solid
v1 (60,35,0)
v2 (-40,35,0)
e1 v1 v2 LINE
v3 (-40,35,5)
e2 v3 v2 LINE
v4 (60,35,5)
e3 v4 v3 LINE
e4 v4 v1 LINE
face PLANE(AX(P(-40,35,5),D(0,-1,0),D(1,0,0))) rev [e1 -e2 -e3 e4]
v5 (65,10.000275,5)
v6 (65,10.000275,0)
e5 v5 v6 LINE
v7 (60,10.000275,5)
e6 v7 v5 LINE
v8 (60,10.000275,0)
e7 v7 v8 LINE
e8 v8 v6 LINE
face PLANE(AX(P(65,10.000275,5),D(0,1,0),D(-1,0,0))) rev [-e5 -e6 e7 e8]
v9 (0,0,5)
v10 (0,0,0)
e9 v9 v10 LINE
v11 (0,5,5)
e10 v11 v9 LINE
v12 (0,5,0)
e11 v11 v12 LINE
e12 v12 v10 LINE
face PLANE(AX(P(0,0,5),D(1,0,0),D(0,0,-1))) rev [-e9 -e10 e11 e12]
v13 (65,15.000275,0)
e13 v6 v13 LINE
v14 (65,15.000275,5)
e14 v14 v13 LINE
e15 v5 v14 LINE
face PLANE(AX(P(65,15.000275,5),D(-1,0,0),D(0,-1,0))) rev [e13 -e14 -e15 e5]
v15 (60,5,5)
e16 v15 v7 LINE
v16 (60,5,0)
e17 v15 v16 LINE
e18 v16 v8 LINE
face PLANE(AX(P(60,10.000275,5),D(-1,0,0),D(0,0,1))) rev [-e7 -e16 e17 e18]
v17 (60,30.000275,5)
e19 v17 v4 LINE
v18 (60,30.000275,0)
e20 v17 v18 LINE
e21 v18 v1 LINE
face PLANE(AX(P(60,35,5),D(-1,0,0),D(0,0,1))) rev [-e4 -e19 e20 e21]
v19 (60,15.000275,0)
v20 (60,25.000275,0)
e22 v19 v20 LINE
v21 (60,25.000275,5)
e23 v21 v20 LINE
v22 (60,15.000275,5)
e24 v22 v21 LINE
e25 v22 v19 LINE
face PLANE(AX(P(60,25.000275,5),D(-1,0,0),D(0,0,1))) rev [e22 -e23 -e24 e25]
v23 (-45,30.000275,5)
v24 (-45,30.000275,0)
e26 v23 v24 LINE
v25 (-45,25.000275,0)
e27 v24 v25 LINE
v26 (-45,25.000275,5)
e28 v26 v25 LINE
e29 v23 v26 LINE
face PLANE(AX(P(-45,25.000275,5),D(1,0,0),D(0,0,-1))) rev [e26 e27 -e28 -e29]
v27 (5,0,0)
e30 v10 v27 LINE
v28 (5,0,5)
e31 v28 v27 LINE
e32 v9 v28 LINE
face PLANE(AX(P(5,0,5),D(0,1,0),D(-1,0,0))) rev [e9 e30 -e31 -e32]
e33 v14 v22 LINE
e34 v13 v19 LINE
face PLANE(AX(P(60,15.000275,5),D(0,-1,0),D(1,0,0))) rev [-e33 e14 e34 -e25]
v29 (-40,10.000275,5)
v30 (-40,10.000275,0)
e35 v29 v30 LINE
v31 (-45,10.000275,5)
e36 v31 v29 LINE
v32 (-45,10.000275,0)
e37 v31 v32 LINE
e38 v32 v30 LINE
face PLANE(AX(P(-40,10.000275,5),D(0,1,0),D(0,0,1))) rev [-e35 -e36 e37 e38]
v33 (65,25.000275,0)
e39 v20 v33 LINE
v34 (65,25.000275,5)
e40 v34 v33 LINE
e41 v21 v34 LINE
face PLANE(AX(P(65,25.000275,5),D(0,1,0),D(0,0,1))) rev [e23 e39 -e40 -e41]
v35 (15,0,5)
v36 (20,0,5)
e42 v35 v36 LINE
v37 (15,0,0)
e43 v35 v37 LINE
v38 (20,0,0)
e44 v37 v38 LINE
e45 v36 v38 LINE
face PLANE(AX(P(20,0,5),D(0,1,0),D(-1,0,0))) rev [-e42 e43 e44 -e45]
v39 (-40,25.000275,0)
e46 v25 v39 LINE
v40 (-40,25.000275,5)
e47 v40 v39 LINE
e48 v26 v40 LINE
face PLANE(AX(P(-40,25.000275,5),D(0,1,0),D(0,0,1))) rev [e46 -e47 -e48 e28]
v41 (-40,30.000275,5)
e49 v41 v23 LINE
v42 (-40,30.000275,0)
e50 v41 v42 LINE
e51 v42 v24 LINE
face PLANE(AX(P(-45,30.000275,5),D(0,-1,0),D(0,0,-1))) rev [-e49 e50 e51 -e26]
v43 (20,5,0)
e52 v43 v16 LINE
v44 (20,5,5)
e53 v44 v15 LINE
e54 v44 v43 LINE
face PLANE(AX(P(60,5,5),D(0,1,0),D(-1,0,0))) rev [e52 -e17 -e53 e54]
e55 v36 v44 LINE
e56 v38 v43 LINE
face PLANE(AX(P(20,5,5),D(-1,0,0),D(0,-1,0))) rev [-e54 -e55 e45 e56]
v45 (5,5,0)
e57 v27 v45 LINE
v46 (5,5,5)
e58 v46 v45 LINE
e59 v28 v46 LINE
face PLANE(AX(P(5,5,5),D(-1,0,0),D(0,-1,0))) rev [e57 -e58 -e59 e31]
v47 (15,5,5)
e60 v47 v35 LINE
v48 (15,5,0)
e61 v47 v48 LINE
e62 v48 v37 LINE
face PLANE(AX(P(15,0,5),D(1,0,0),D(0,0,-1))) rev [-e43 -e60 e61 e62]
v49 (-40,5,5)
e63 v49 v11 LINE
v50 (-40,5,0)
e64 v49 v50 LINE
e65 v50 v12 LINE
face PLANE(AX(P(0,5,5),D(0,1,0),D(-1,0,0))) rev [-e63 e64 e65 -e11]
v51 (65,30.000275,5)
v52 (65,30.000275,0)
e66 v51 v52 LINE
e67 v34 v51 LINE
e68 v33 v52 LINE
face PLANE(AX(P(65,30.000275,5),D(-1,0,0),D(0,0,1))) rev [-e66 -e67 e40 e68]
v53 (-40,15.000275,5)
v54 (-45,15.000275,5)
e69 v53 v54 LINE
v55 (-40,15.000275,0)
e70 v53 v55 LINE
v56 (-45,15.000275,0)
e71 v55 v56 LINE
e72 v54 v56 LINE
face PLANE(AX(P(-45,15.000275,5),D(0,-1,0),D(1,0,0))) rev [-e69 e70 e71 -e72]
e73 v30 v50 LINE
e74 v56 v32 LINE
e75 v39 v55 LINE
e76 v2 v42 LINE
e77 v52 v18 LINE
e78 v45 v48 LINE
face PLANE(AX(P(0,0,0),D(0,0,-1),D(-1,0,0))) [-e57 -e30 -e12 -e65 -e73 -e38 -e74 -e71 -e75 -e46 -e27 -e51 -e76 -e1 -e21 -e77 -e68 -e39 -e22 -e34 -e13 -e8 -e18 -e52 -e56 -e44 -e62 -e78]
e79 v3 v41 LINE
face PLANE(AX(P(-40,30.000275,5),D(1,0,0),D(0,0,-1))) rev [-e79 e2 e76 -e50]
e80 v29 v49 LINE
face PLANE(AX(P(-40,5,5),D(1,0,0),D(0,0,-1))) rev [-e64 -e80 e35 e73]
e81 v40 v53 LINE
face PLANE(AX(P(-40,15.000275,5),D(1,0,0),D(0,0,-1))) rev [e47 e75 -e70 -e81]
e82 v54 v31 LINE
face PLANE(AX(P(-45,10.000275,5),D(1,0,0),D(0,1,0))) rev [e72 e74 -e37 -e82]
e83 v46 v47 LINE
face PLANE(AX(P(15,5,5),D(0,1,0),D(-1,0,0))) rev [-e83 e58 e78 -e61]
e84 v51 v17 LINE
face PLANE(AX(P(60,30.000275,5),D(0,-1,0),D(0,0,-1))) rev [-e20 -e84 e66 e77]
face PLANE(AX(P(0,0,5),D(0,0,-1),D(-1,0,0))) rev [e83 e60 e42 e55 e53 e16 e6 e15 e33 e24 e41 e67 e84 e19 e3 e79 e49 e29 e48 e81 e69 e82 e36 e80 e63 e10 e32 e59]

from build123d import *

# Parameters (mm, degrees)
BOSS_EXTRUDE1_DEPTH = 5


with BuildPart() as part:
    # Sketch1 → Boss-Extrude1 (new body)
    with BuildSketch(Plane.XY):
        Polygon((0, 0), (0, 5), (-40, 5), (-40, 10.000274966), (-45, 10.000274966), (-45, 15.000274966), (-40, 15.000274966), (-40, 25.000274966), (-45, 25.000274966), (-45, 30.000274966), (-40, 30.000274966), (-40, 35), (60, 35), (60, 30.000274966), (65, 30.000274966), (65, 25.000274966), (60, 25.000274966), (60, 15.000274966), (65, 15.000274966), (65, 10.000274966), (60, 10.000274966), (60, 5), (20, 5), (20, 0), (15, 0), (15, 5), (5, 5), (5, 0), align=None)
    extrude(amount=BOSS_EXTRUDE1_DEPTH)


solid = part.part
